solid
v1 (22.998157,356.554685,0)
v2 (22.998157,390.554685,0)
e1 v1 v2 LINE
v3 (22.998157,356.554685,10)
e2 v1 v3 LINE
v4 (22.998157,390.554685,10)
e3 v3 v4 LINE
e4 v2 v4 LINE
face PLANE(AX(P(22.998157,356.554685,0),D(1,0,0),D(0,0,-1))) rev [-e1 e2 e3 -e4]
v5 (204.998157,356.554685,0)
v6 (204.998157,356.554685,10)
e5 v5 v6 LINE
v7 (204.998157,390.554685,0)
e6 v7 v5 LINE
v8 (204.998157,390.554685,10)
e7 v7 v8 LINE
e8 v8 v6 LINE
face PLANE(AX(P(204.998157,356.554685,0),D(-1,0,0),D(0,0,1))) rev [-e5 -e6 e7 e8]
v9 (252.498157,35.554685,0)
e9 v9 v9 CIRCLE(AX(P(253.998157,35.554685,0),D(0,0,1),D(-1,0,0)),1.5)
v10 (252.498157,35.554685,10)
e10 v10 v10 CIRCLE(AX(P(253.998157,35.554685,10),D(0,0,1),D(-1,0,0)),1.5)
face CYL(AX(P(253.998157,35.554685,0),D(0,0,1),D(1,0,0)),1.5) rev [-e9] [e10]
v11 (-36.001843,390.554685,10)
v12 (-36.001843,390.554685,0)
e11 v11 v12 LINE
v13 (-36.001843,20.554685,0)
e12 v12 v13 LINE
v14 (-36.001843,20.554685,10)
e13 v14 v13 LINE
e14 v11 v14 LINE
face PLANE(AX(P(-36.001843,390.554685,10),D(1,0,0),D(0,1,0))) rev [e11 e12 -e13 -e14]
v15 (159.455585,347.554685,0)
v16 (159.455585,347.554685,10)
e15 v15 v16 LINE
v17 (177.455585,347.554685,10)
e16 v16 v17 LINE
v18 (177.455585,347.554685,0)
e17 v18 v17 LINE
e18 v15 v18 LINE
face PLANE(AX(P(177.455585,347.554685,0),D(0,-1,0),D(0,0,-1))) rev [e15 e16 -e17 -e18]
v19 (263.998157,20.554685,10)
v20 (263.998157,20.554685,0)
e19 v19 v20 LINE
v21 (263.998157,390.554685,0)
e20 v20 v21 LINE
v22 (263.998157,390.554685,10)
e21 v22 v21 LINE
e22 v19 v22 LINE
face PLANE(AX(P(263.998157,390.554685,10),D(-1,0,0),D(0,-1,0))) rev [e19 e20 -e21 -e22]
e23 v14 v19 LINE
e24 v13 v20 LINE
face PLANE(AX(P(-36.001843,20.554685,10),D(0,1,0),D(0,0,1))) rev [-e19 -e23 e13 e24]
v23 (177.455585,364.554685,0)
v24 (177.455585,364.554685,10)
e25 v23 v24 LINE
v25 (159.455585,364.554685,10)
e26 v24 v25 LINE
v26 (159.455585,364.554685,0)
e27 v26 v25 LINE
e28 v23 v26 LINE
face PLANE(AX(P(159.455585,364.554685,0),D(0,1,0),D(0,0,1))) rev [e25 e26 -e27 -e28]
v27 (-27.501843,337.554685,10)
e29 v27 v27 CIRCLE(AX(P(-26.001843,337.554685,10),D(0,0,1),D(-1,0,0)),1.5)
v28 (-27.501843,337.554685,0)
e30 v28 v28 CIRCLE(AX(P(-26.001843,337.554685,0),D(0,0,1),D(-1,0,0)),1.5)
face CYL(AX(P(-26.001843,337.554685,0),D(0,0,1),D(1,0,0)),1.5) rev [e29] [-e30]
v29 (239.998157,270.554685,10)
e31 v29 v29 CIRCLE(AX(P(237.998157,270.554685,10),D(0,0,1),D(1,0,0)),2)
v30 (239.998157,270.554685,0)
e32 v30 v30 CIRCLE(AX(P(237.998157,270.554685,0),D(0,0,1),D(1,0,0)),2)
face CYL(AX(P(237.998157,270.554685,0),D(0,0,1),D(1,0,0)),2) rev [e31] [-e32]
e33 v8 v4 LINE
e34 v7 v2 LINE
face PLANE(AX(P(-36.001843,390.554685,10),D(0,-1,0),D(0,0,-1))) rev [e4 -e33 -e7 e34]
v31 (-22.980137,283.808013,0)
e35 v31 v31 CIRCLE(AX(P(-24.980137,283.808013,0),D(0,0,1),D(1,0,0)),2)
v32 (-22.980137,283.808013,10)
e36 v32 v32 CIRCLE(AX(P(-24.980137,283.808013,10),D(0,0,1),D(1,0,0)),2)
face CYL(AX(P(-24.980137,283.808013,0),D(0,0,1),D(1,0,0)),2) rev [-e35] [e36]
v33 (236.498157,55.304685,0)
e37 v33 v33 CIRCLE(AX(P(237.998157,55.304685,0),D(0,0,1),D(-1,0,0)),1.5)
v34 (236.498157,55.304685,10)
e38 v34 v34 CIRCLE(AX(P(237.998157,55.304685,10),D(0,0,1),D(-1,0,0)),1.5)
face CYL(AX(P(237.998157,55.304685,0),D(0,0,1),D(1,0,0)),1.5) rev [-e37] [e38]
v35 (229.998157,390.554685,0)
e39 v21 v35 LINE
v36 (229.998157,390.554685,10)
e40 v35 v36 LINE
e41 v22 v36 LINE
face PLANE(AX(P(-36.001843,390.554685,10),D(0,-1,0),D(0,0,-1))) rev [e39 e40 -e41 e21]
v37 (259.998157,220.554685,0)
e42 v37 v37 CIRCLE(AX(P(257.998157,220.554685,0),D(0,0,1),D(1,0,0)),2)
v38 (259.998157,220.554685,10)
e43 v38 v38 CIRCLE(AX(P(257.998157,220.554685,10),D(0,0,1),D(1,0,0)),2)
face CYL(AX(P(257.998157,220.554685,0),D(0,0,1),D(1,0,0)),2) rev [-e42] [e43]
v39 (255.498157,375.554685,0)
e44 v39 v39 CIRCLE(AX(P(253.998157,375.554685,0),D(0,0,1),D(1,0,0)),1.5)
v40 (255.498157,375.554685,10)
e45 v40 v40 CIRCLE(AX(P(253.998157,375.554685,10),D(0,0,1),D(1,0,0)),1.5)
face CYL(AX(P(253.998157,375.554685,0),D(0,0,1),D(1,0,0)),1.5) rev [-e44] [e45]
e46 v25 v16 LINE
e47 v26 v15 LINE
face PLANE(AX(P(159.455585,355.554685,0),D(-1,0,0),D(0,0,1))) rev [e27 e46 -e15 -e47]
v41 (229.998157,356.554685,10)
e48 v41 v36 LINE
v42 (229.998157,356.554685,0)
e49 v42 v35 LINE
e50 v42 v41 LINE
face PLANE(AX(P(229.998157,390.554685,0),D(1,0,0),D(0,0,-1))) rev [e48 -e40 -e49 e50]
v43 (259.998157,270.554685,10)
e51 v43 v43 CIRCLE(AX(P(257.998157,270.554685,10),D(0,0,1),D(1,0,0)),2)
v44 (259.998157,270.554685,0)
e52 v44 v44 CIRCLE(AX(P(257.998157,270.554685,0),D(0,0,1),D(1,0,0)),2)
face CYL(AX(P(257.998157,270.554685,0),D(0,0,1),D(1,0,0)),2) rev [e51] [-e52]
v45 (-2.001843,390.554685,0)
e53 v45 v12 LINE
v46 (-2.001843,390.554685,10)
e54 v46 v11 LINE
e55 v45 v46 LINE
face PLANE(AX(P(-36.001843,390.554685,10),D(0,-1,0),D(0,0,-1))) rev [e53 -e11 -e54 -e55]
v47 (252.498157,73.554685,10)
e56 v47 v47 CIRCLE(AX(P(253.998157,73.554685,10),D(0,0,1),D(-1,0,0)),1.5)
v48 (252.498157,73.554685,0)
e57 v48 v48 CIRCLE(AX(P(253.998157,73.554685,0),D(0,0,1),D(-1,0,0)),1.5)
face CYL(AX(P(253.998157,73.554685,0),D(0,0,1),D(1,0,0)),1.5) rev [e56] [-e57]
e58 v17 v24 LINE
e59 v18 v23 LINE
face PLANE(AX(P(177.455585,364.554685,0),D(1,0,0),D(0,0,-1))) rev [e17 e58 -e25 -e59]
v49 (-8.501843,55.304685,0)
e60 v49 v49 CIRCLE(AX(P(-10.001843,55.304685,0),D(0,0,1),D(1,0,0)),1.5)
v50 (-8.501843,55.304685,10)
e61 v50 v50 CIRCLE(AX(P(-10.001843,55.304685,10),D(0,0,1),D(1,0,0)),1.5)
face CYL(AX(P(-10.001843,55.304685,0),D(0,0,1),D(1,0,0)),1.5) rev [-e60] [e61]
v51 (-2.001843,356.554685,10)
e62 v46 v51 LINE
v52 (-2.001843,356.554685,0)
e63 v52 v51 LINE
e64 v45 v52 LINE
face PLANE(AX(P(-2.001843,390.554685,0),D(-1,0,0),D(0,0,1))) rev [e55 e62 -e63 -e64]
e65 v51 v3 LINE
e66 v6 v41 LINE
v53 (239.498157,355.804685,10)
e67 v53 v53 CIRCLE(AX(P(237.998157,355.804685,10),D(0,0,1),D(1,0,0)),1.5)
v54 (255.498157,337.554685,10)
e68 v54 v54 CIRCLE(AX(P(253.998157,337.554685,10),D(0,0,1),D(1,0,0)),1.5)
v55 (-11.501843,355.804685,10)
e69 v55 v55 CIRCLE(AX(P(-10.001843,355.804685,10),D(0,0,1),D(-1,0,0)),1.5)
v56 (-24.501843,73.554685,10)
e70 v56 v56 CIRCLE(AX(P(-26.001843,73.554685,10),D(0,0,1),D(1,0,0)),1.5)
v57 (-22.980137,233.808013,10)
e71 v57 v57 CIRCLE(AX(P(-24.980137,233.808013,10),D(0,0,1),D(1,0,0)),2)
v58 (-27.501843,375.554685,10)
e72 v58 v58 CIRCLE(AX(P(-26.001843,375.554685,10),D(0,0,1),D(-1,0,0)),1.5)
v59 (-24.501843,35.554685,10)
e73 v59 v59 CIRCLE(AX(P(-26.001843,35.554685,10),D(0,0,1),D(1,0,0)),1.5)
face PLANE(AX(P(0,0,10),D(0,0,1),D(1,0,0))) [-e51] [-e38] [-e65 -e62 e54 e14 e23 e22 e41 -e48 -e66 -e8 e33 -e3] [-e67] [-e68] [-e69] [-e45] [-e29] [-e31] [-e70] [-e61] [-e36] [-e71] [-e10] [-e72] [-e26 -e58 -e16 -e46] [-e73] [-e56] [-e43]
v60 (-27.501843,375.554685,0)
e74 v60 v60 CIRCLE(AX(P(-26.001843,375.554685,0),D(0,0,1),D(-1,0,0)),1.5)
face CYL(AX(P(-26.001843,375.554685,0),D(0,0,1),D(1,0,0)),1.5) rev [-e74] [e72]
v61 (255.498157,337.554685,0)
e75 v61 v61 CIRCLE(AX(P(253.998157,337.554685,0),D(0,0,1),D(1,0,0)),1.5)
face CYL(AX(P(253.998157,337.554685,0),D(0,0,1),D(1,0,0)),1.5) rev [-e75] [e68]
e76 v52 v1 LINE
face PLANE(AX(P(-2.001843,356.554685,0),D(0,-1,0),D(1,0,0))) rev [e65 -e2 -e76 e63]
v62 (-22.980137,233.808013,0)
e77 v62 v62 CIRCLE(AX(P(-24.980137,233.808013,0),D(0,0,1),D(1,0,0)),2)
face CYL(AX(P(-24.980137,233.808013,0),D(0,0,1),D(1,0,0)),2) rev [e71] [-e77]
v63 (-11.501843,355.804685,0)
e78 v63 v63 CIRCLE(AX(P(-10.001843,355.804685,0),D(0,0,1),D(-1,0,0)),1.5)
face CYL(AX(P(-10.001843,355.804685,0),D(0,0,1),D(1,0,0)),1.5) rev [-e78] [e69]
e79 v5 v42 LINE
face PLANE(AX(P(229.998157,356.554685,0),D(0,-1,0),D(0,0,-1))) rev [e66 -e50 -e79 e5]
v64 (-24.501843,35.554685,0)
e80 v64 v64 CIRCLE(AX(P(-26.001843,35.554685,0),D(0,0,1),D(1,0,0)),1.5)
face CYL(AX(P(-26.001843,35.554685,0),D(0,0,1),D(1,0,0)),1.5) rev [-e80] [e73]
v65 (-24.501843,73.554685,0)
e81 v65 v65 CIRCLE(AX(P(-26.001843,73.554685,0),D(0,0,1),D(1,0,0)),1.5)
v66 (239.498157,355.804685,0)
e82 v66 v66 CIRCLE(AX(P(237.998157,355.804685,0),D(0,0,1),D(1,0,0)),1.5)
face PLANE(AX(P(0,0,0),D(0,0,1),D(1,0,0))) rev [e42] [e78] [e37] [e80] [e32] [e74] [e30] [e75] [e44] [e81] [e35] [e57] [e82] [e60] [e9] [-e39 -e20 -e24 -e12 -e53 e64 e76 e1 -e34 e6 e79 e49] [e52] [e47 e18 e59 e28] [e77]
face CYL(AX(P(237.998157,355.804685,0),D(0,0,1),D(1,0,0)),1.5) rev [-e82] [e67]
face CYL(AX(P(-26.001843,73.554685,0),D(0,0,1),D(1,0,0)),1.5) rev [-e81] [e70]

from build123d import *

# Parameters (mm, degrees)
SKETCH_1_W          = 300
SKETCH_1_H          = 370
EXTRUDE_1_DEPTH     = 10
SKETCH_2_R          = 1.5
SKETCH_2_R_2        = 2
SKETCH_2_W          = 25
SKETCH_2_H          = 34
CUT_EXTRUDE_1_DEPTH = 10


with BuildPart() as part:
    # 草图1 → 凸台-拉伸1 (new body)
    with BuildSketch(Plane.XY):
        with Locations((113.99815703, 205.554685433)):
            Rectangle(SKETCH_1_W, SKETCH_1_H)
    extrude(amount=EXTRUDE_1_DEPTH)

    # 草图2 → 切除-拉伸1 (cut)
    with BuildSketch(Plane.XY.offset(10)):
        with Locations((253.99815703, 375.554685433)):
            Circle(SKETCH_2_R)
        with Locations((253.99815703, 337.554685433)):
            Circle(SKETCH_2_R)
        with Locations((-26.00184297, 337.554685433)):
            Circle(SKETCH_2_R)
        with Locations((-26.00184297, 375.554685433)):
            Circle(SKETCH_2_R)
        with Locations((-26.00184297, 35.554685433)):
            Circle(SKETCH_2_R)
        with Locations((-26.00184297, 73.554685433)):
            Circle(SKETCH_2_R)
        with Locations((253.99815703, 73.554685433)):
            Circle(SKETCH_2_R)
        with Locations((253.99815703, 35.554685433)):
            Circle(SKETCH_2_R)
        with Locations((237.99815703, 355.804685433)):
            Circle(SKETCH_2_R)
        with Locations((-10.00184297, 355.804685433)):
            Circle(SKETCH_2_R)
        with Locations((-10.00184297, 55.304685433)):
            Circle(SKETCH_2_R)
        with Locations((237.99815703, 55.304685433)):
            Circle(SKETCH_2_R)
        with Locations((237.99815703, 270.554685433)):
            Circle(SKETCH_2_R_2)
        with Locations((257.99815703, 270.554685433)):
            Circle(SKETCH_2_R_2)
        with Locations((257.99815703, 220.554685433)):
            Circle(SKETCH_2_R_2)
        with Locations((-24.980137122, 233.80801348)):
            Circle(SKETCH_2_R_2)
        with Locations((-24.980137122, 283.80801348)):
            Circle(SKETCH_2_R_2)
        with Locations((217.49815703, 373.554685433)):
            Rectangle(SKETCH_2_W, SKETCH_2_H)
        with Locations((10.49815703, 373.554685433)):
            Rectangle(SKETCH_2_W, SKETCH_2_H)
        Polygon((159.455584524, 355.554685433), (159.455584524, 364.554685433), (177.455584524, 364.554685433), (177.455584524, 356.554685433), (177.455584524, 347.554685433), (159.455584524, 347.554685433), align=None)
    extrude(amount=-CUT_EXTRUDE_1_DEPTH, mode=Mode.SUBTRACT)


solid = part.part
